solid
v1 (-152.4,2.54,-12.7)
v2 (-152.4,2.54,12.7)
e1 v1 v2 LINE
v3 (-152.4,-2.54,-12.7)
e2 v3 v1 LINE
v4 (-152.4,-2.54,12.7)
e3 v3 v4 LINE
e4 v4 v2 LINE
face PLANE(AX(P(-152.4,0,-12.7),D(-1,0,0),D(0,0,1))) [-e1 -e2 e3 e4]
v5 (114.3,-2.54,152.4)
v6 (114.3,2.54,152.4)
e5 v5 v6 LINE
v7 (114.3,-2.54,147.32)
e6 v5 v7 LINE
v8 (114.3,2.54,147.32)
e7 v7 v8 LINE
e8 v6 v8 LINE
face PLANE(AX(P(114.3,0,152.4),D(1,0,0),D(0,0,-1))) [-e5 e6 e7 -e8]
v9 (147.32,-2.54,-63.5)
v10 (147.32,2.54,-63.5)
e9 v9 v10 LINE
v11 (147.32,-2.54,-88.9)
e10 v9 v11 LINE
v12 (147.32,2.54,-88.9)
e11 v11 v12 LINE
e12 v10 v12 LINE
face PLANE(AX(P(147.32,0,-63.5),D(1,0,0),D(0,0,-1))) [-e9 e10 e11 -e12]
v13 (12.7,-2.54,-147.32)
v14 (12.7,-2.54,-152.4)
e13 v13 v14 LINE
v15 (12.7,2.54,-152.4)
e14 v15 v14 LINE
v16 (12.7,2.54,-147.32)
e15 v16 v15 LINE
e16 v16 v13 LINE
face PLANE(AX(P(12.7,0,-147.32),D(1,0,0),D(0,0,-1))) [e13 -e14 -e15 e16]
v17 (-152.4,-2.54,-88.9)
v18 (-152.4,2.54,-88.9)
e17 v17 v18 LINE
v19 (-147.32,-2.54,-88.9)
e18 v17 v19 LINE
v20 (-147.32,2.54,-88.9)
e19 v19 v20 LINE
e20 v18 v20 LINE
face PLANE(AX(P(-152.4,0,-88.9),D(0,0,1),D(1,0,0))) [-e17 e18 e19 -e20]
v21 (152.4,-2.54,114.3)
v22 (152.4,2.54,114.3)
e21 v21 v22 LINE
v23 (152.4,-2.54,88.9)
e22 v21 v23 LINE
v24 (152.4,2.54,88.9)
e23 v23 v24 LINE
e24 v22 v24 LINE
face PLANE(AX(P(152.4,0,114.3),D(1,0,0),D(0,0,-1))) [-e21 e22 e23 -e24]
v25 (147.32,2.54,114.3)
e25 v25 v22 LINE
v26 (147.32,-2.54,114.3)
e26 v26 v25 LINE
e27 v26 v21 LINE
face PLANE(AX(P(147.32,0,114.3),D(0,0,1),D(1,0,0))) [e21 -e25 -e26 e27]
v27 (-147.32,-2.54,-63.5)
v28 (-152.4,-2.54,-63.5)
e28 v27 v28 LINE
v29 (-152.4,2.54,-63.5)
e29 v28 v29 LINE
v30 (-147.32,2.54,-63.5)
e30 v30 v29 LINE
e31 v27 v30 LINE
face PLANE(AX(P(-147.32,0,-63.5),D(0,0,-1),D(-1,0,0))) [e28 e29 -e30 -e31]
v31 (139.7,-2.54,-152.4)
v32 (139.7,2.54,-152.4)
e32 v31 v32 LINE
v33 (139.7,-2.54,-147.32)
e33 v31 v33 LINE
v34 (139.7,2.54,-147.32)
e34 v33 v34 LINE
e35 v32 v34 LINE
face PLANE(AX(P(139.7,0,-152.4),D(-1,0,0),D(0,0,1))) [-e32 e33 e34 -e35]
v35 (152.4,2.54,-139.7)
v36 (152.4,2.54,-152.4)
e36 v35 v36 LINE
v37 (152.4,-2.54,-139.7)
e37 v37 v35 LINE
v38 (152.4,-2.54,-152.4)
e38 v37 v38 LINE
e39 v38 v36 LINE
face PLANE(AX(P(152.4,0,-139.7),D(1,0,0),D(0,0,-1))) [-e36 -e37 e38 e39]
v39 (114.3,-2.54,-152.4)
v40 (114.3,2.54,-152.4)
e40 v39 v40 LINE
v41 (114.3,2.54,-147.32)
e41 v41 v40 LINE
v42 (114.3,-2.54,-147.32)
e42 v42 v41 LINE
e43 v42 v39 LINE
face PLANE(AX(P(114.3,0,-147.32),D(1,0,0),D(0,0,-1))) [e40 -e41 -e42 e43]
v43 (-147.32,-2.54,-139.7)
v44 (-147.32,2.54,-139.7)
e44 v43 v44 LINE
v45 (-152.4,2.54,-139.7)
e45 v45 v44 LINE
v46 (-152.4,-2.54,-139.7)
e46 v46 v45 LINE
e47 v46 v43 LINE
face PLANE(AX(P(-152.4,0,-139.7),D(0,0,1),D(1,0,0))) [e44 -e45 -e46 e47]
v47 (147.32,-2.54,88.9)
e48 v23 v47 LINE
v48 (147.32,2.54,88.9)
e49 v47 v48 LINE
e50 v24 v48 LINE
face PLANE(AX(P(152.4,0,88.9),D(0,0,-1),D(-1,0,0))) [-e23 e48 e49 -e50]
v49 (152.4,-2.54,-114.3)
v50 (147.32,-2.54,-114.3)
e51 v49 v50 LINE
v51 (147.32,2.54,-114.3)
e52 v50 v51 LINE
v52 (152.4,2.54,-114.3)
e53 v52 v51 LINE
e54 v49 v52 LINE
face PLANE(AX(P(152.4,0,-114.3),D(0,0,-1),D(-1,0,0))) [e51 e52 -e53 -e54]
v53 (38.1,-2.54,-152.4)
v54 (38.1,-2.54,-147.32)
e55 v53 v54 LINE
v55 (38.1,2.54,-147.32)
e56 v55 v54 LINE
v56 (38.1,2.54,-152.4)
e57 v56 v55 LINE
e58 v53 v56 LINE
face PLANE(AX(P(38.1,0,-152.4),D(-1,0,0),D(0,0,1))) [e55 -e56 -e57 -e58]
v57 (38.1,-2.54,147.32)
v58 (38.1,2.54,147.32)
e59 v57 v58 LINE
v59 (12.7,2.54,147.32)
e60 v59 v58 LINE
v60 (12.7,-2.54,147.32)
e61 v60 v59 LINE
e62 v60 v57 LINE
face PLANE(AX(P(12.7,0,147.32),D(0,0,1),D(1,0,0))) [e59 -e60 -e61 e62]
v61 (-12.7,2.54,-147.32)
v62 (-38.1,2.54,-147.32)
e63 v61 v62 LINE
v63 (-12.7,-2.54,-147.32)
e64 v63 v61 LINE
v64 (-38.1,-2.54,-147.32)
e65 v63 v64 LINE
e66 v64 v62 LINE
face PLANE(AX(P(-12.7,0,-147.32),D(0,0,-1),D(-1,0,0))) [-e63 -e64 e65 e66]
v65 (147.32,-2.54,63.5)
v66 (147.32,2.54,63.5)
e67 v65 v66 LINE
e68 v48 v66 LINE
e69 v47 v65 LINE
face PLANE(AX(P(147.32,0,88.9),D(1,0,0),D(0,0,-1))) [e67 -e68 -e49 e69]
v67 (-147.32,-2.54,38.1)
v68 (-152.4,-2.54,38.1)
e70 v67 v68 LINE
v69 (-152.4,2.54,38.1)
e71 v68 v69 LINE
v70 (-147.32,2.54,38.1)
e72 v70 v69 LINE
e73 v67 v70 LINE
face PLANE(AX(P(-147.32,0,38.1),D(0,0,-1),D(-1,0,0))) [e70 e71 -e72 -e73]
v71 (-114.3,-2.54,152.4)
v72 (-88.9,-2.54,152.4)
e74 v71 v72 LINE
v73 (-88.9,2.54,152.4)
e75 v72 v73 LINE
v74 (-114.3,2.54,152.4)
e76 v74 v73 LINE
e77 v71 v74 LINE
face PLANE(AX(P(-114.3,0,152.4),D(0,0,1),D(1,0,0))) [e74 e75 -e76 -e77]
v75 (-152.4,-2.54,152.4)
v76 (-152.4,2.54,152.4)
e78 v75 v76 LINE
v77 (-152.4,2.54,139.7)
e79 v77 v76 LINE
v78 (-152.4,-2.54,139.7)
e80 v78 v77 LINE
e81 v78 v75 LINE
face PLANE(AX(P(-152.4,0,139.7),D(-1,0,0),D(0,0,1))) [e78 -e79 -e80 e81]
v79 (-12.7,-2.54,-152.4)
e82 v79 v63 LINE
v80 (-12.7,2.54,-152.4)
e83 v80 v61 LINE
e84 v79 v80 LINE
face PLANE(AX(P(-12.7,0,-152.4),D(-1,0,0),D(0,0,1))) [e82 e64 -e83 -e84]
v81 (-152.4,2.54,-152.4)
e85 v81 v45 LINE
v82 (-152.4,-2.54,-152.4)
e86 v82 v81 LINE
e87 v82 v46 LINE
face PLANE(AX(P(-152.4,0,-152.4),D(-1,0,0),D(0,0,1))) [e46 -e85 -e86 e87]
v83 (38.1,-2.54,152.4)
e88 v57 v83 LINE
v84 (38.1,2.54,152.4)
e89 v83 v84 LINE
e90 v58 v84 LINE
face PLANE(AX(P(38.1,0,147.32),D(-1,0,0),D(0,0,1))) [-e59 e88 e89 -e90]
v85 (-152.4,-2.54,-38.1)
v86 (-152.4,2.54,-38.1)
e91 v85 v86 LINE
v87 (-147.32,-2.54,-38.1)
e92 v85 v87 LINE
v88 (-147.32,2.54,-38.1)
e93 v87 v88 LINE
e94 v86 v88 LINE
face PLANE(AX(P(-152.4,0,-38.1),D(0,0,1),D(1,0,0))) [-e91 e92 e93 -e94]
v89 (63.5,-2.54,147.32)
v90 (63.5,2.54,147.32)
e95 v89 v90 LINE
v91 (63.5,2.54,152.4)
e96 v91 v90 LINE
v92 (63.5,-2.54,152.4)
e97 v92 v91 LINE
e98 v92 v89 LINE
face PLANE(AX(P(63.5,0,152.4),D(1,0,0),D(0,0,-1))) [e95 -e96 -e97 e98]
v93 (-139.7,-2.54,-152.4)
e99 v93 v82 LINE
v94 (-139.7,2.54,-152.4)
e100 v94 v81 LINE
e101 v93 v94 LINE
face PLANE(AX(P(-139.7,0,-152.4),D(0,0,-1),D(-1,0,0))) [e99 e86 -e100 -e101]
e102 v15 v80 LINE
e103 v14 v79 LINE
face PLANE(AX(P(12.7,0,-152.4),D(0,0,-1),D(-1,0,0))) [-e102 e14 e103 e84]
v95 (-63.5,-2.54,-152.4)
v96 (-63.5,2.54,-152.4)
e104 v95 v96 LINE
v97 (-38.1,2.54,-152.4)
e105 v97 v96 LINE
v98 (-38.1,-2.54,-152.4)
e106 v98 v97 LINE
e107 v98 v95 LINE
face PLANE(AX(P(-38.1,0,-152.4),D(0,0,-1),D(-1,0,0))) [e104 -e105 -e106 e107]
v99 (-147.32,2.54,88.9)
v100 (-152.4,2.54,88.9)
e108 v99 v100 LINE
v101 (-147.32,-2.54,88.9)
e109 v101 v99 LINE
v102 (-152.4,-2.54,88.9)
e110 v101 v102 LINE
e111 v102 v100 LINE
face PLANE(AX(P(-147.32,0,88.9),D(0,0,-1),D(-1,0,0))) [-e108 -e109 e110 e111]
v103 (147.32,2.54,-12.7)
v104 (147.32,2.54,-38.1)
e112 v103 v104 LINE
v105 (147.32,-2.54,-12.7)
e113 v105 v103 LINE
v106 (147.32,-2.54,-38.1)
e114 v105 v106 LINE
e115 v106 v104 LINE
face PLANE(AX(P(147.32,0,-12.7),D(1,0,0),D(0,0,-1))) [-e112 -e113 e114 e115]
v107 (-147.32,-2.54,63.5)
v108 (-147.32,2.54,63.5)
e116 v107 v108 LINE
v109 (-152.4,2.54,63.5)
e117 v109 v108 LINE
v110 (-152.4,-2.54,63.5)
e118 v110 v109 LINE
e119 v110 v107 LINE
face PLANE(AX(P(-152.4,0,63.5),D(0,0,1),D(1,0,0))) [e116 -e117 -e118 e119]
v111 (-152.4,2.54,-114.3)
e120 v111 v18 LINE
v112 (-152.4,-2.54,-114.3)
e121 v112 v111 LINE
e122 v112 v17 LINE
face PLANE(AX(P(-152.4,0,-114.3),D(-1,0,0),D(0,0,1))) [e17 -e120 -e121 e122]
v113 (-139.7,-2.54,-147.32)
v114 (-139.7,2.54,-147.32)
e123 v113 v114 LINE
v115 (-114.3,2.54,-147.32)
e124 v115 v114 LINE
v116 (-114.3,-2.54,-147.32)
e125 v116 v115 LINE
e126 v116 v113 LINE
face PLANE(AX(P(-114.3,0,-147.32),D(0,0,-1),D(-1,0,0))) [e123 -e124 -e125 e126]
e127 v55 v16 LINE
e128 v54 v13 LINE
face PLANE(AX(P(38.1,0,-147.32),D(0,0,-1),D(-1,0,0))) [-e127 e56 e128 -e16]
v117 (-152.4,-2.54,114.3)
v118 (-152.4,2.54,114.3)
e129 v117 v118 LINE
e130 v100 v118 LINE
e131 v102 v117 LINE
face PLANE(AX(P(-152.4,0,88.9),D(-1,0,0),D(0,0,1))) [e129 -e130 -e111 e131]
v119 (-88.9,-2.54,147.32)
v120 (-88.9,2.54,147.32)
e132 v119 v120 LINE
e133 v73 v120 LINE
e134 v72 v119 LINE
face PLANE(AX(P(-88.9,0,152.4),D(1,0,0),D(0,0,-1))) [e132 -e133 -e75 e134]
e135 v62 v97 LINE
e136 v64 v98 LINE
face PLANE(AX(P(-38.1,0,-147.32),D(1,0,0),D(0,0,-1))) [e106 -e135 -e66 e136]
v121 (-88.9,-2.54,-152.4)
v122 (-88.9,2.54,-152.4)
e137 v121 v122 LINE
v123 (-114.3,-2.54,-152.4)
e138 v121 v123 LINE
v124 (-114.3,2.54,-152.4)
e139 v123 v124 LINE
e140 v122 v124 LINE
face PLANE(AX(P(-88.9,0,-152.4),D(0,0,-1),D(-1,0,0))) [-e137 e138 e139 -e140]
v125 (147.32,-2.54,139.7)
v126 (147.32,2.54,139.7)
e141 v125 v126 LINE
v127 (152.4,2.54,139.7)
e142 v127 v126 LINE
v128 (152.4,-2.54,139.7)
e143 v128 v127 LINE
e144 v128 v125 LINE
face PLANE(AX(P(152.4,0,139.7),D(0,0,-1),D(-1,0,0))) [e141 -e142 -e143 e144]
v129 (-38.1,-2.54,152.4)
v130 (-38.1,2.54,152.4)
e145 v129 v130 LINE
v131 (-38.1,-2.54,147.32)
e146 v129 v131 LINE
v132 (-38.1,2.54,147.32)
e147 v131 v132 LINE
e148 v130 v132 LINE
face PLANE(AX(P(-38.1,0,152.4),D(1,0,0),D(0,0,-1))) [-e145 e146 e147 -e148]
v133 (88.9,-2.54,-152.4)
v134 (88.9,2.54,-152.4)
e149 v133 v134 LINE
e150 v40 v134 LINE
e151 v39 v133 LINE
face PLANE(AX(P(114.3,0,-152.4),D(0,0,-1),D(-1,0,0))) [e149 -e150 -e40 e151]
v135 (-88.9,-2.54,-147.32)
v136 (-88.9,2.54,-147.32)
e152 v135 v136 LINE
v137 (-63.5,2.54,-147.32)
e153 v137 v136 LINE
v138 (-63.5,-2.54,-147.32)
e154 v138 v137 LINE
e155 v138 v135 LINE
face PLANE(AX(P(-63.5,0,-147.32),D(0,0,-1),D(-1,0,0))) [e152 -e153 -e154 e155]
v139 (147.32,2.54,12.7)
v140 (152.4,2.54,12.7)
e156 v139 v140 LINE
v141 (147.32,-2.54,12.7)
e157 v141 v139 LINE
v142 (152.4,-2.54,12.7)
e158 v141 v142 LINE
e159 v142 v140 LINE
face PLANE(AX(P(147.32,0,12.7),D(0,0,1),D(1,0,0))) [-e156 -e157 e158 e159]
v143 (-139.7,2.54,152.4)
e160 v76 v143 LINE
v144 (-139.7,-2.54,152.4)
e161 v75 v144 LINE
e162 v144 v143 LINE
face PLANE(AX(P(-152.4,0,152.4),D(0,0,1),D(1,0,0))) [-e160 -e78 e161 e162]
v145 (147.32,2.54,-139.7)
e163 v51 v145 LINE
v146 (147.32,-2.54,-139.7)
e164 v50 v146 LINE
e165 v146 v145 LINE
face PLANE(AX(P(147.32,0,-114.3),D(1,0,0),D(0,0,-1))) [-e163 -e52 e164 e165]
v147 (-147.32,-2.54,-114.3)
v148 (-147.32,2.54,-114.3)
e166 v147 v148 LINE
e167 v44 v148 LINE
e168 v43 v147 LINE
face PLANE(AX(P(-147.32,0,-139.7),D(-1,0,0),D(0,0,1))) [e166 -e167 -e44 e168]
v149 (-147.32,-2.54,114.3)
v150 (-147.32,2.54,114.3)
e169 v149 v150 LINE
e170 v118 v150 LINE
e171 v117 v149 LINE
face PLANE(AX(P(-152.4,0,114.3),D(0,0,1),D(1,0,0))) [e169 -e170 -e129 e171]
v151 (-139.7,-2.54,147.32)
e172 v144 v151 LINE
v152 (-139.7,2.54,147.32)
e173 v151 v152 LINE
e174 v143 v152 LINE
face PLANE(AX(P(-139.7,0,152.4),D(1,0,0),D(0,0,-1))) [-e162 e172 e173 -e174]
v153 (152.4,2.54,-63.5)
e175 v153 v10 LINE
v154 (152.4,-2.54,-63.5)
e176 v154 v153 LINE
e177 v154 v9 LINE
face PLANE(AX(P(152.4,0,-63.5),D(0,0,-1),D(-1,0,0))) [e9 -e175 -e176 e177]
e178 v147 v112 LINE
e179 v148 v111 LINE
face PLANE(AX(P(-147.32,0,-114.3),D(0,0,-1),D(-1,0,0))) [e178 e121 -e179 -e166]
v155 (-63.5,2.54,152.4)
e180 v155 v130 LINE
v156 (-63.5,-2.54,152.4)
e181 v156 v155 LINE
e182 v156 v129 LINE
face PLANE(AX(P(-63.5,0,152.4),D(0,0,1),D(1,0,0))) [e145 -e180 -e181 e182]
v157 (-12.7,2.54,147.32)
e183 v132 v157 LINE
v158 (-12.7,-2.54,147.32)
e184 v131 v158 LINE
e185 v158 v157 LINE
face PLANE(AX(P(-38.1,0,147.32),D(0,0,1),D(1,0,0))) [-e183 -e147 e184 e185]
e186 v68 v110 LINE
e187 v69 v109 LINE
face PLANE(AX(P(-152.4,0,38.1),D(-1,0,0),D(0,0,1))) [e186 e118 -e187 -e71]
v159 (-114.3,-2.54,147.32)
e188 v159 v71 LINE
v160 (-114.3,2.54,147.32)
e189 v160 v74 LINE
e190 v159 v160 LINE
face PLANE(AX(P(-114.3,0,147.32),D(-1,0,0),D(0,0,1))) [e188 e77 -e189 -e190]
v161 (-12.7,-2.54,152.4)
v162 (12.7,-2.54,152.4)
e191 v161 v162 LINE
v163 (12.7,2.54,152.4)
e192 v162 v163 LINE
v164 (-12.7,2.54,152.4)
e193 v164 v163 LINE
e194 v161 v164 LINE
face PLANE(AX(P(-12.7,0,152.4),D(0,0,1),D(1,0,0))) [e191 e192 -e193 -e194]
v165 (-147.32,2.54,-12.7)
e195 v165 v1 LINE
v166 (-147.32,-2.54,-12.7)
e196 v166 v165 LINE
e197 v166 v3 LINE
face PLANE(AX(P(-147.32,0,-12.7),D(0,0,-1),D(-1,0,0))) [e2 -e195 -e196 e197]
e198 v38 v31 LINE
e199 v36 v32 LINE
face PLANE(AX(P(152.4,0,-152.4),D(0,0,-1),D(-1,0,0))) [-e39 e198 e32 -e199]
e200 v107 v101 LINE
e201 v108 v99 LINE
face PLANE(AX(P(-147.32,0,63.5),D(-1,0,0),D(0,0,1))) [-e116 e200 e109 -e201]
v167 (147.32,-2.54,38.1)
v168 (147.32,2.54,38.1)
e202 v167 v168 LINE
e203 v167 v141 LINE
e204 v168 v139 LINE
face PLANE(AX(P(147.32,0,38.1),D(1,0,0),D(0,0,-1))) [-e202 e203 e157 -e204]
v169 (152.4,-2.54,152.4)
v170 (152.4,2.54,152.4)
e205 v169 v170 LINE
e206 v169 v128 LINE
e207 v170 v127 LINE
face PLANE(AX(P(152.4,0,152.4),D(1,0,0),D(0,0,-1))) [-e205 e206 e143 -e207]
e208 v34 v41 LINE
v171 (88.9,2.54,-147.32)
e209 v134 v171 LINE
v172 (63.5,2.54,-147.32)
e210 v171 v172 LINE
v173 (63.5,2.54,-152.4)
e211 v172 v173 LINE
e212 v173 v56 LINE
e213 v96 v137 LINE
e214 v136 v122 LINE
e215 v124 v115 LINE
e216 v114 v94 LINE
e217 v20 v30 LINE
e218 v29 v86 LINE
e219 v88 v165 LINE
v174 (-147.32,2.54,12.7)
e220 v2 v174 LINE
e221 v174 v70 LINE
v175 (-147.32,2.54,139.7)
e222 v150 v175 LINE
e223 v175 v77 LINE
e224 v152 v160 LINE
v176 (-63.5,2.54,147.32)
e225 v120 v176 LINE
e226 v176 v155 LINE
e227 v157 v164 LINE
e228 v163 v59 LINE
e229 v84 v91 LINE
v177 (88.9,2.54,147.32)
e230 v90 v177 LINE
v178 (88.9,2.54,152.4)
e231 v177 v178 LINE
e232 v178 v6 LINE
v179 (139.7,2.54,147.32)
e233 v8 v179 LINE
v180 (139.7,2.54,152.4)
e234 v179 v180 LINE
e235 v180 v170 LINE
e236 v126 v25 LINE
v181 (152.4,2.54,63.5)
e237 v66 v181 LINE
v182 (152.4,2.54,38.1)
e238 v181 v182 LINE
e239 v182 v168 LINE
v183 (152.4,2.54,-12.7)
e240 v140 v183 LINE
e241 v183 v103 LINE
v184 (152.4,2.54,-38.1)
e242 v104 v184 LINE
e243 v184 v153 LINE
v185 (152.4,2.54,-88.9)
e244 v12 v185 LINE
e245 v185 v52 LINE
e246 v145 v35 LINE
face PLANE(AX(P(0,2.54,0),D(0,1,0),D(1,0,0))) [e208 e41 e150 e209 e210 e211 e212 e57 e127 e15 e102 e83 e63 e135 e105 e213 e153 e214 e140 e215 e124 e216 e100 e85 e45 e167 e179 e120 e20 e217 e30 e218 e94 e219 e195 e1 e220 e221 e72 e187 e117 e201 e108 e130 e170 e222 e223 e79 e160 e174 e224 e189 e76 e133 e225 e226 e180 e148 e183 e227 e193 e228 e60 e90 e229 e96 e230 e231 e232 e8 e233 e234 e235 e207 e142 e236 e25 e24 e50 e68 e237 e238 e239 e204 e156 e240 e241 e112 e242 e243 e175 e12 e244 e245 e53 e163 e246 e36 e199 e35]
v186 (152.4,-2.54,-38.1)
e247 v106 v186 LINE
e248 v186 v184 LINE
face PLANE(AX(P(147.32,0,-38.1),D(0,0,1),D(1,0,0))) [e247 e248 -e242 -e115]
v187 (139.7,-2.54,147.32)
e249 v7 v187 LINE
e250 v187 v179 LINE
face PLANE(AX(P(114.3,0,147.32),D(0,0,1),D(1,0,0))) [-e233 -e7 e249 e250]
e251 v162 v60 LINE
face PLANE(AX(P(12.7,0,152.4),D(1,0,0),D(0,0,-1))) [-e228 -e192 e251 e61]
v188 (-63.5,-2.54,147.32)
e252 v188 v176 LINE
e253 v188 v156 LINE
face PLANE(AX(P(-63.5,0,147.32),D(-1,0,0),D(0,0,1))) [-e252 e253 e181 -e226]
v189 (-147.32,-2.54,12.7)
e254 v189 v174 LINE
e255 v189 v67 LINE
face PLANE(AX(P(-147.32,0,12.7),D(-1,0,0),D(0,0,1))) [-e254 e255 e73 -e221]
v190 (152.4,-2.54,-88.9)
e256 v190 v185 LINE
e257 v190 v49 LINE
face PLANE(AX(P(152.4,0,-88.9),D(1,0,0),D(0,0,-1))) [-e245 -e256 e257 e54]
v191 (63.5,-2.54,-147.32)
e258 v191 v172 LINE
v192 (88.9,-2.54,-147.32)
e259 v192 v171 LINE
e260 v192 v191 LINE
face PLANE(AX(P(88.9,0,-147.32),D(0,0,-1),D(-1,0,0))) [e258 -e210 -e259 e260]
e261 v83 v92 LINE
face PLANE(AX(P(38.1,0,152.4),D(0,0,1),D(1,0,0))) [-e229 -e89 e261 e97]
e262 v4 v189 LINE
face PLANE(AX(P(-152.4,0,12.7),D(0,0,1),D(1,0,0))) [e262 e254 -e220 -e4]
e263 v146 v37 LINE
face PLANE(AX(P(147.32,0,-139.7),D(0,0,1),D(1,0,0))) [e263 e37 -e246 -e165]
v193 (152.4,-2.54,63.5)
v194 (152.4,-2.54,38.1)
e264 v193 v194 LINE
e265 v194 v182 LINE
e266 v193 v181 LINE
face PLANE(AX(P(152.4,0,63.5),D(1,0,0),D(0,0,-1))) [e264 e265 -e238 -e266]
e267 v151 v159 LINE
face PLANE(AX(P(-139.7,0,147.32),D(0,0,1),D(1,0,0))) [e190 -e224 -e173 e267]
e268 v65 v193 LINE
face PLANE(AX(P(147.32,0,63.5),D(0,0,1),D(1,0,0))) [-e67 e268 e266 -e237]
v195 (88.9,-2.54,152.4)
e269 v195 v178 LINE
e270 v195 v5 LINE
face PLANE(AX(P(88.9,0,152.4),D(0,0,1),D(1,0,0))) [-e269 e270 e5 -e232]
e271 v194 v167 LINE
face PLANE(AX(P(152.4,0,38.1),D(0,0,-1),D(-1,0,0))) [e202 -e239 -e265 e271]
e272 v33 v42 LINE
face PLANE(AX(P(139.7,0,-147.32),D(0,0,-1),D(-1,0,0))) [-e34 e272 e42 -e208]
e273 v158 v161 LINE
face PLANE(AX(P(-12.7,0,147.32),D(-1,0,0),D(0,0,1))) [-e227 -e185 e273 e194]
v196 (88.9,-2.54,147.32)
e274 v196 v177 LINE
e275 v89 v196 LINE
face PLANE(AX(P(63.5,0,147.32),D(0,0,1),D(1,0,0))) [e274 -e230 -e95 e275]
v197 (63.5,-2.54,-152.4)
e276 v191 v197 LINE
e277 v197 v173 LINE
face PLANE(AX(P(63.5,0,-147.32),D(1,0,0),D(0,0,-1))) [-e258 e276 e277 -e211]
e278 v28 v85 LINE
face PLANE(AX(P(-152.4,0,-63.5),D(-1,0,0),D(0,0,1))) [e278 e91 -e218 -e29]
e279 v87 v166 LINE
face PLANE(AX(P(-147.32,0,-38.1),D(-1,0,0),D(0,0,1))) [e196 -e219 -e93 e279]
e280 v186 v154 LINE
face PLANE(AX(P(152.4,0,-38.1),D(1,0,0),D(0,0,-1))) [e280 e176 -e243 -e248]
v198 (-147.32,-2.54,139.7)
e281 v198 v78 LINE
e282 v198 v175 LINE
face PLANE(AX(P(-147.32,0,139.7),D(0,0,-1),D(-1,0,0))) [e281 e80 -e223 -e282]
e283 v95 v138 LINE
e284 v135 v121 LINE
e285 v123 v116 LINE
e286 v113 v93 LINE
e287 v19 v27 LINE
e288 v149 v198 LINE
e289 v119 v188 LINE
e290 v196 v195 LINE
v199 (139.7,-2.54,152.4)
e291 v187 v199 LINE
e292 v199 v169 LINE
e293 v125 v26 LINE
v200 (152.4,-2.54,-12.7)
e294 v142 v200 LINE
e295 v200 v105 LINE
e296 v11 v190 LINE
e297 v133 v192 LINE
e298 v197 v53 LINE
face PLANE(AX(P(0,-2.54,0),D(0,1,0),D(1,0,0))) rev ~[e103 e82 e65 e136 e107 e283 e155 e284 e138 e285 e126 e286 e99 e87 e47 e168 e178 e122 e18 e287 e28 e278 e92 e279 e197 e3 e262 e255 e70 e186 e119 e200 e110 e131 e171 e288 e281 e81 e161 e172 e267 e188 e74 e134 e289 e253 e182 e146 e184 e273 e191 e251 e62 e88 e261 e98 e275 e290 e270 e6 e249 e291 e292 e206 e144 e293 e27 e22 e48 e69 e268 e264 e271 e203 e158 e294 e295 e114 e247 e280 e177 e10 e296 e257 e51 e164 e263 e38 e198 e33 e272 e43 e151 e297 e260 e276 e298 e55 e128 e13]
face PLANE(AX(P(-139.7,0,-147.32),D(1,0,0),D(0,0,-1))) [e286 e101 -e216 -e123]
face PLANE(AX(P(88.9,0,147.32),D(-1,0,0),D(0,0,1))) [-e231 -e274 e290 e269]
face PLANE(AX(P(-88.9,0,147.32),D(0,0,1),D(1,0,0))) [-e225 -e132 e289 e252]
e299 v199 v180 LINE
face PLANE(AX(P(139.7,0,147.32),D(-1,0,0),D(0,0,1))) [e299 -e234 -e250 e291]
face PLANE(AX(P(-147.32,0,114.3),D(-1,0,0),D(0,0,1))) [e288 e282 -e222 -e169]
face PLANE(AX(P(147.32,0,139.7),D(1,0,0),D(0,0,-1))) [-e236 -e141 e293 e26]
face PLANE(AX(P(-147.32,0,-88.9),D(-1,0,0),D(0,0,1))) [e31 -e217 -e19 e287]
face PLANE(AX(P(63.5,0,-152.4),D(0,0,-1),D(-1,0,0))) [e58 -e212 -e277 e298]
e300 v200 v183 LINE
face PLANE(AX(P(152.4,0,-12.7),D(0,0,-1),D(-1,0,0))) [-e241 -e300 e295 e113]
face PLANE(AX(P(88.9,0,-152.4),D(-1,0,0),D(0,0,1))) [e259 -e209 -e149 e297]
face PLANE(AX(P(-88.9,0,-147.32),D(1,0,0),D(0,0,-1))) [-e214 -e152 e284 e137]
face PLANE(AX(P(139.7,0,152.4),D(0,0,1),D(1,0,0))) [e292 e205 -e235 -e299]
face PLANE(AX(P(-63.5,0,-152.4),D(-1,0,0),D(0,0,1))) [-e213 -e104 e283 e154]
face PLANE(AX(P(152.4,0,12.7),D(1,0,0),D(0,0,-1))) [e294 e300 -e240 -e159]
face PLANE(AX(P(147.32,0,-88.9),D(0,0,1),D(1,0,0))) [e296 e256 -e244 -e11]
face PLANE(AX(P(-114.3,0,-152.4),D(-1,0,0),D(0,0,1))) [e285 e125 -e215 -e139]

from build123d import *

# Parameters (mm, degrees)
BOSS_EXTRUDE1_DEPTH = 2.54


with BuildPart() as part:
    # Sketch1 → Boss-Extrude1 (new body, symmetric)
    with BuildSketch(Plane(origin=(0, 0, 0), x_dir=(1, 0, 0), z_dir=(0, 1, 0))):
        Polygon((12.7, 152.4), (-12.7, 152.4), (-12.7, 147.32), (-38.1, 147.32), (-38.1, 152.4), (-63.5, 152.4), (-63.5, 147.32), (-88.9, 147.32), (-88.9, 152.4), (-114.3, 152.4), (-114.3, 147.32), (-139.7, 147.32), (-139.7, 152.4), (-152.4, 152.4), (-152.4, 139.7), (-147.32, 139.7), (-147.32, 114.3), (-152.4, 114.3), (-152.4, 88.9), (-147.32, 88.9), (-147.32, 63.5), (-152.4, 63.5), (-152.4, 38.1), (-147.32, 38.1), (-147.32, 12.7), (-152.4, 12.7), (-152.4, -12.7), (-147.32, -12.7), (-147.32, -38.1), (-152.4, -38.1), (-152.4, -63.5), (-147.32, -63.5), (-147.32, -88.9), (-152.4, -88.9), (-152.4, -114.3), (-147.32, -114.3), (-147.32, -139.7), (-152.4, -139.7), (-152.4, -152.4), (-139.7, -152.4), (-139.7, -147.32), (-114.3, -147.32), (-114.3, -152.4), (-88.9, -152.4), (-88.9, -147.32), (-63.5, -147.32), (-63.5, -152.4), (-38.1, -152.4), (-38.1, -147.32), (-12.7, -147.32), (-12.7, -152.4), (12.7, -152.4), (12.7, -147.32), (38.1, -147.32), (38.1, -152.4), (63.5, -152.4), (63.5, -147.32), (88.9, -147.32), (88.9, -152.4), (114.3, -152.4), (114.3, -147.32), (139.7, -147.32), (139.7, -152.4), (152.4, -152.4), (152.4, -139.7), (147.32, -139.7), (147.32, -114.3), (152.4, -114.3), (152.4, -88.9), (147.32, -88.9), (147.32, -63.5), (152.4, -63.5), (152.4, -38.1), (147.32, -38.1), (147.32, -12.7), (152.4, -12.7), (152.4, 12.7), (147.32, 12.7), (147.32, 38.1), (152.4, 38.1), (152.4, 63.5), (147.32, 63.5), (147.32, 88.9), (152.4, 88.9), (152.4, 114.3), (147.32, 114.3), (147.32, 139.7), (152.4, 139.7), (152.4, 152.4), (139.7, 152.4), (139.7, 147.32), (114.3, 147.32), (114.3, 152.4), (88.9, 152.4), (88.9, 147.32), (63.5, 147.32), (63.5, 152.4), (38.1, 152.4), (38.1, 147.32), (12.7, 147.32), align=None)
    extrude(amount=BOSS_EXTRUDE1_DEPTH, both=True)


solid = part.part
